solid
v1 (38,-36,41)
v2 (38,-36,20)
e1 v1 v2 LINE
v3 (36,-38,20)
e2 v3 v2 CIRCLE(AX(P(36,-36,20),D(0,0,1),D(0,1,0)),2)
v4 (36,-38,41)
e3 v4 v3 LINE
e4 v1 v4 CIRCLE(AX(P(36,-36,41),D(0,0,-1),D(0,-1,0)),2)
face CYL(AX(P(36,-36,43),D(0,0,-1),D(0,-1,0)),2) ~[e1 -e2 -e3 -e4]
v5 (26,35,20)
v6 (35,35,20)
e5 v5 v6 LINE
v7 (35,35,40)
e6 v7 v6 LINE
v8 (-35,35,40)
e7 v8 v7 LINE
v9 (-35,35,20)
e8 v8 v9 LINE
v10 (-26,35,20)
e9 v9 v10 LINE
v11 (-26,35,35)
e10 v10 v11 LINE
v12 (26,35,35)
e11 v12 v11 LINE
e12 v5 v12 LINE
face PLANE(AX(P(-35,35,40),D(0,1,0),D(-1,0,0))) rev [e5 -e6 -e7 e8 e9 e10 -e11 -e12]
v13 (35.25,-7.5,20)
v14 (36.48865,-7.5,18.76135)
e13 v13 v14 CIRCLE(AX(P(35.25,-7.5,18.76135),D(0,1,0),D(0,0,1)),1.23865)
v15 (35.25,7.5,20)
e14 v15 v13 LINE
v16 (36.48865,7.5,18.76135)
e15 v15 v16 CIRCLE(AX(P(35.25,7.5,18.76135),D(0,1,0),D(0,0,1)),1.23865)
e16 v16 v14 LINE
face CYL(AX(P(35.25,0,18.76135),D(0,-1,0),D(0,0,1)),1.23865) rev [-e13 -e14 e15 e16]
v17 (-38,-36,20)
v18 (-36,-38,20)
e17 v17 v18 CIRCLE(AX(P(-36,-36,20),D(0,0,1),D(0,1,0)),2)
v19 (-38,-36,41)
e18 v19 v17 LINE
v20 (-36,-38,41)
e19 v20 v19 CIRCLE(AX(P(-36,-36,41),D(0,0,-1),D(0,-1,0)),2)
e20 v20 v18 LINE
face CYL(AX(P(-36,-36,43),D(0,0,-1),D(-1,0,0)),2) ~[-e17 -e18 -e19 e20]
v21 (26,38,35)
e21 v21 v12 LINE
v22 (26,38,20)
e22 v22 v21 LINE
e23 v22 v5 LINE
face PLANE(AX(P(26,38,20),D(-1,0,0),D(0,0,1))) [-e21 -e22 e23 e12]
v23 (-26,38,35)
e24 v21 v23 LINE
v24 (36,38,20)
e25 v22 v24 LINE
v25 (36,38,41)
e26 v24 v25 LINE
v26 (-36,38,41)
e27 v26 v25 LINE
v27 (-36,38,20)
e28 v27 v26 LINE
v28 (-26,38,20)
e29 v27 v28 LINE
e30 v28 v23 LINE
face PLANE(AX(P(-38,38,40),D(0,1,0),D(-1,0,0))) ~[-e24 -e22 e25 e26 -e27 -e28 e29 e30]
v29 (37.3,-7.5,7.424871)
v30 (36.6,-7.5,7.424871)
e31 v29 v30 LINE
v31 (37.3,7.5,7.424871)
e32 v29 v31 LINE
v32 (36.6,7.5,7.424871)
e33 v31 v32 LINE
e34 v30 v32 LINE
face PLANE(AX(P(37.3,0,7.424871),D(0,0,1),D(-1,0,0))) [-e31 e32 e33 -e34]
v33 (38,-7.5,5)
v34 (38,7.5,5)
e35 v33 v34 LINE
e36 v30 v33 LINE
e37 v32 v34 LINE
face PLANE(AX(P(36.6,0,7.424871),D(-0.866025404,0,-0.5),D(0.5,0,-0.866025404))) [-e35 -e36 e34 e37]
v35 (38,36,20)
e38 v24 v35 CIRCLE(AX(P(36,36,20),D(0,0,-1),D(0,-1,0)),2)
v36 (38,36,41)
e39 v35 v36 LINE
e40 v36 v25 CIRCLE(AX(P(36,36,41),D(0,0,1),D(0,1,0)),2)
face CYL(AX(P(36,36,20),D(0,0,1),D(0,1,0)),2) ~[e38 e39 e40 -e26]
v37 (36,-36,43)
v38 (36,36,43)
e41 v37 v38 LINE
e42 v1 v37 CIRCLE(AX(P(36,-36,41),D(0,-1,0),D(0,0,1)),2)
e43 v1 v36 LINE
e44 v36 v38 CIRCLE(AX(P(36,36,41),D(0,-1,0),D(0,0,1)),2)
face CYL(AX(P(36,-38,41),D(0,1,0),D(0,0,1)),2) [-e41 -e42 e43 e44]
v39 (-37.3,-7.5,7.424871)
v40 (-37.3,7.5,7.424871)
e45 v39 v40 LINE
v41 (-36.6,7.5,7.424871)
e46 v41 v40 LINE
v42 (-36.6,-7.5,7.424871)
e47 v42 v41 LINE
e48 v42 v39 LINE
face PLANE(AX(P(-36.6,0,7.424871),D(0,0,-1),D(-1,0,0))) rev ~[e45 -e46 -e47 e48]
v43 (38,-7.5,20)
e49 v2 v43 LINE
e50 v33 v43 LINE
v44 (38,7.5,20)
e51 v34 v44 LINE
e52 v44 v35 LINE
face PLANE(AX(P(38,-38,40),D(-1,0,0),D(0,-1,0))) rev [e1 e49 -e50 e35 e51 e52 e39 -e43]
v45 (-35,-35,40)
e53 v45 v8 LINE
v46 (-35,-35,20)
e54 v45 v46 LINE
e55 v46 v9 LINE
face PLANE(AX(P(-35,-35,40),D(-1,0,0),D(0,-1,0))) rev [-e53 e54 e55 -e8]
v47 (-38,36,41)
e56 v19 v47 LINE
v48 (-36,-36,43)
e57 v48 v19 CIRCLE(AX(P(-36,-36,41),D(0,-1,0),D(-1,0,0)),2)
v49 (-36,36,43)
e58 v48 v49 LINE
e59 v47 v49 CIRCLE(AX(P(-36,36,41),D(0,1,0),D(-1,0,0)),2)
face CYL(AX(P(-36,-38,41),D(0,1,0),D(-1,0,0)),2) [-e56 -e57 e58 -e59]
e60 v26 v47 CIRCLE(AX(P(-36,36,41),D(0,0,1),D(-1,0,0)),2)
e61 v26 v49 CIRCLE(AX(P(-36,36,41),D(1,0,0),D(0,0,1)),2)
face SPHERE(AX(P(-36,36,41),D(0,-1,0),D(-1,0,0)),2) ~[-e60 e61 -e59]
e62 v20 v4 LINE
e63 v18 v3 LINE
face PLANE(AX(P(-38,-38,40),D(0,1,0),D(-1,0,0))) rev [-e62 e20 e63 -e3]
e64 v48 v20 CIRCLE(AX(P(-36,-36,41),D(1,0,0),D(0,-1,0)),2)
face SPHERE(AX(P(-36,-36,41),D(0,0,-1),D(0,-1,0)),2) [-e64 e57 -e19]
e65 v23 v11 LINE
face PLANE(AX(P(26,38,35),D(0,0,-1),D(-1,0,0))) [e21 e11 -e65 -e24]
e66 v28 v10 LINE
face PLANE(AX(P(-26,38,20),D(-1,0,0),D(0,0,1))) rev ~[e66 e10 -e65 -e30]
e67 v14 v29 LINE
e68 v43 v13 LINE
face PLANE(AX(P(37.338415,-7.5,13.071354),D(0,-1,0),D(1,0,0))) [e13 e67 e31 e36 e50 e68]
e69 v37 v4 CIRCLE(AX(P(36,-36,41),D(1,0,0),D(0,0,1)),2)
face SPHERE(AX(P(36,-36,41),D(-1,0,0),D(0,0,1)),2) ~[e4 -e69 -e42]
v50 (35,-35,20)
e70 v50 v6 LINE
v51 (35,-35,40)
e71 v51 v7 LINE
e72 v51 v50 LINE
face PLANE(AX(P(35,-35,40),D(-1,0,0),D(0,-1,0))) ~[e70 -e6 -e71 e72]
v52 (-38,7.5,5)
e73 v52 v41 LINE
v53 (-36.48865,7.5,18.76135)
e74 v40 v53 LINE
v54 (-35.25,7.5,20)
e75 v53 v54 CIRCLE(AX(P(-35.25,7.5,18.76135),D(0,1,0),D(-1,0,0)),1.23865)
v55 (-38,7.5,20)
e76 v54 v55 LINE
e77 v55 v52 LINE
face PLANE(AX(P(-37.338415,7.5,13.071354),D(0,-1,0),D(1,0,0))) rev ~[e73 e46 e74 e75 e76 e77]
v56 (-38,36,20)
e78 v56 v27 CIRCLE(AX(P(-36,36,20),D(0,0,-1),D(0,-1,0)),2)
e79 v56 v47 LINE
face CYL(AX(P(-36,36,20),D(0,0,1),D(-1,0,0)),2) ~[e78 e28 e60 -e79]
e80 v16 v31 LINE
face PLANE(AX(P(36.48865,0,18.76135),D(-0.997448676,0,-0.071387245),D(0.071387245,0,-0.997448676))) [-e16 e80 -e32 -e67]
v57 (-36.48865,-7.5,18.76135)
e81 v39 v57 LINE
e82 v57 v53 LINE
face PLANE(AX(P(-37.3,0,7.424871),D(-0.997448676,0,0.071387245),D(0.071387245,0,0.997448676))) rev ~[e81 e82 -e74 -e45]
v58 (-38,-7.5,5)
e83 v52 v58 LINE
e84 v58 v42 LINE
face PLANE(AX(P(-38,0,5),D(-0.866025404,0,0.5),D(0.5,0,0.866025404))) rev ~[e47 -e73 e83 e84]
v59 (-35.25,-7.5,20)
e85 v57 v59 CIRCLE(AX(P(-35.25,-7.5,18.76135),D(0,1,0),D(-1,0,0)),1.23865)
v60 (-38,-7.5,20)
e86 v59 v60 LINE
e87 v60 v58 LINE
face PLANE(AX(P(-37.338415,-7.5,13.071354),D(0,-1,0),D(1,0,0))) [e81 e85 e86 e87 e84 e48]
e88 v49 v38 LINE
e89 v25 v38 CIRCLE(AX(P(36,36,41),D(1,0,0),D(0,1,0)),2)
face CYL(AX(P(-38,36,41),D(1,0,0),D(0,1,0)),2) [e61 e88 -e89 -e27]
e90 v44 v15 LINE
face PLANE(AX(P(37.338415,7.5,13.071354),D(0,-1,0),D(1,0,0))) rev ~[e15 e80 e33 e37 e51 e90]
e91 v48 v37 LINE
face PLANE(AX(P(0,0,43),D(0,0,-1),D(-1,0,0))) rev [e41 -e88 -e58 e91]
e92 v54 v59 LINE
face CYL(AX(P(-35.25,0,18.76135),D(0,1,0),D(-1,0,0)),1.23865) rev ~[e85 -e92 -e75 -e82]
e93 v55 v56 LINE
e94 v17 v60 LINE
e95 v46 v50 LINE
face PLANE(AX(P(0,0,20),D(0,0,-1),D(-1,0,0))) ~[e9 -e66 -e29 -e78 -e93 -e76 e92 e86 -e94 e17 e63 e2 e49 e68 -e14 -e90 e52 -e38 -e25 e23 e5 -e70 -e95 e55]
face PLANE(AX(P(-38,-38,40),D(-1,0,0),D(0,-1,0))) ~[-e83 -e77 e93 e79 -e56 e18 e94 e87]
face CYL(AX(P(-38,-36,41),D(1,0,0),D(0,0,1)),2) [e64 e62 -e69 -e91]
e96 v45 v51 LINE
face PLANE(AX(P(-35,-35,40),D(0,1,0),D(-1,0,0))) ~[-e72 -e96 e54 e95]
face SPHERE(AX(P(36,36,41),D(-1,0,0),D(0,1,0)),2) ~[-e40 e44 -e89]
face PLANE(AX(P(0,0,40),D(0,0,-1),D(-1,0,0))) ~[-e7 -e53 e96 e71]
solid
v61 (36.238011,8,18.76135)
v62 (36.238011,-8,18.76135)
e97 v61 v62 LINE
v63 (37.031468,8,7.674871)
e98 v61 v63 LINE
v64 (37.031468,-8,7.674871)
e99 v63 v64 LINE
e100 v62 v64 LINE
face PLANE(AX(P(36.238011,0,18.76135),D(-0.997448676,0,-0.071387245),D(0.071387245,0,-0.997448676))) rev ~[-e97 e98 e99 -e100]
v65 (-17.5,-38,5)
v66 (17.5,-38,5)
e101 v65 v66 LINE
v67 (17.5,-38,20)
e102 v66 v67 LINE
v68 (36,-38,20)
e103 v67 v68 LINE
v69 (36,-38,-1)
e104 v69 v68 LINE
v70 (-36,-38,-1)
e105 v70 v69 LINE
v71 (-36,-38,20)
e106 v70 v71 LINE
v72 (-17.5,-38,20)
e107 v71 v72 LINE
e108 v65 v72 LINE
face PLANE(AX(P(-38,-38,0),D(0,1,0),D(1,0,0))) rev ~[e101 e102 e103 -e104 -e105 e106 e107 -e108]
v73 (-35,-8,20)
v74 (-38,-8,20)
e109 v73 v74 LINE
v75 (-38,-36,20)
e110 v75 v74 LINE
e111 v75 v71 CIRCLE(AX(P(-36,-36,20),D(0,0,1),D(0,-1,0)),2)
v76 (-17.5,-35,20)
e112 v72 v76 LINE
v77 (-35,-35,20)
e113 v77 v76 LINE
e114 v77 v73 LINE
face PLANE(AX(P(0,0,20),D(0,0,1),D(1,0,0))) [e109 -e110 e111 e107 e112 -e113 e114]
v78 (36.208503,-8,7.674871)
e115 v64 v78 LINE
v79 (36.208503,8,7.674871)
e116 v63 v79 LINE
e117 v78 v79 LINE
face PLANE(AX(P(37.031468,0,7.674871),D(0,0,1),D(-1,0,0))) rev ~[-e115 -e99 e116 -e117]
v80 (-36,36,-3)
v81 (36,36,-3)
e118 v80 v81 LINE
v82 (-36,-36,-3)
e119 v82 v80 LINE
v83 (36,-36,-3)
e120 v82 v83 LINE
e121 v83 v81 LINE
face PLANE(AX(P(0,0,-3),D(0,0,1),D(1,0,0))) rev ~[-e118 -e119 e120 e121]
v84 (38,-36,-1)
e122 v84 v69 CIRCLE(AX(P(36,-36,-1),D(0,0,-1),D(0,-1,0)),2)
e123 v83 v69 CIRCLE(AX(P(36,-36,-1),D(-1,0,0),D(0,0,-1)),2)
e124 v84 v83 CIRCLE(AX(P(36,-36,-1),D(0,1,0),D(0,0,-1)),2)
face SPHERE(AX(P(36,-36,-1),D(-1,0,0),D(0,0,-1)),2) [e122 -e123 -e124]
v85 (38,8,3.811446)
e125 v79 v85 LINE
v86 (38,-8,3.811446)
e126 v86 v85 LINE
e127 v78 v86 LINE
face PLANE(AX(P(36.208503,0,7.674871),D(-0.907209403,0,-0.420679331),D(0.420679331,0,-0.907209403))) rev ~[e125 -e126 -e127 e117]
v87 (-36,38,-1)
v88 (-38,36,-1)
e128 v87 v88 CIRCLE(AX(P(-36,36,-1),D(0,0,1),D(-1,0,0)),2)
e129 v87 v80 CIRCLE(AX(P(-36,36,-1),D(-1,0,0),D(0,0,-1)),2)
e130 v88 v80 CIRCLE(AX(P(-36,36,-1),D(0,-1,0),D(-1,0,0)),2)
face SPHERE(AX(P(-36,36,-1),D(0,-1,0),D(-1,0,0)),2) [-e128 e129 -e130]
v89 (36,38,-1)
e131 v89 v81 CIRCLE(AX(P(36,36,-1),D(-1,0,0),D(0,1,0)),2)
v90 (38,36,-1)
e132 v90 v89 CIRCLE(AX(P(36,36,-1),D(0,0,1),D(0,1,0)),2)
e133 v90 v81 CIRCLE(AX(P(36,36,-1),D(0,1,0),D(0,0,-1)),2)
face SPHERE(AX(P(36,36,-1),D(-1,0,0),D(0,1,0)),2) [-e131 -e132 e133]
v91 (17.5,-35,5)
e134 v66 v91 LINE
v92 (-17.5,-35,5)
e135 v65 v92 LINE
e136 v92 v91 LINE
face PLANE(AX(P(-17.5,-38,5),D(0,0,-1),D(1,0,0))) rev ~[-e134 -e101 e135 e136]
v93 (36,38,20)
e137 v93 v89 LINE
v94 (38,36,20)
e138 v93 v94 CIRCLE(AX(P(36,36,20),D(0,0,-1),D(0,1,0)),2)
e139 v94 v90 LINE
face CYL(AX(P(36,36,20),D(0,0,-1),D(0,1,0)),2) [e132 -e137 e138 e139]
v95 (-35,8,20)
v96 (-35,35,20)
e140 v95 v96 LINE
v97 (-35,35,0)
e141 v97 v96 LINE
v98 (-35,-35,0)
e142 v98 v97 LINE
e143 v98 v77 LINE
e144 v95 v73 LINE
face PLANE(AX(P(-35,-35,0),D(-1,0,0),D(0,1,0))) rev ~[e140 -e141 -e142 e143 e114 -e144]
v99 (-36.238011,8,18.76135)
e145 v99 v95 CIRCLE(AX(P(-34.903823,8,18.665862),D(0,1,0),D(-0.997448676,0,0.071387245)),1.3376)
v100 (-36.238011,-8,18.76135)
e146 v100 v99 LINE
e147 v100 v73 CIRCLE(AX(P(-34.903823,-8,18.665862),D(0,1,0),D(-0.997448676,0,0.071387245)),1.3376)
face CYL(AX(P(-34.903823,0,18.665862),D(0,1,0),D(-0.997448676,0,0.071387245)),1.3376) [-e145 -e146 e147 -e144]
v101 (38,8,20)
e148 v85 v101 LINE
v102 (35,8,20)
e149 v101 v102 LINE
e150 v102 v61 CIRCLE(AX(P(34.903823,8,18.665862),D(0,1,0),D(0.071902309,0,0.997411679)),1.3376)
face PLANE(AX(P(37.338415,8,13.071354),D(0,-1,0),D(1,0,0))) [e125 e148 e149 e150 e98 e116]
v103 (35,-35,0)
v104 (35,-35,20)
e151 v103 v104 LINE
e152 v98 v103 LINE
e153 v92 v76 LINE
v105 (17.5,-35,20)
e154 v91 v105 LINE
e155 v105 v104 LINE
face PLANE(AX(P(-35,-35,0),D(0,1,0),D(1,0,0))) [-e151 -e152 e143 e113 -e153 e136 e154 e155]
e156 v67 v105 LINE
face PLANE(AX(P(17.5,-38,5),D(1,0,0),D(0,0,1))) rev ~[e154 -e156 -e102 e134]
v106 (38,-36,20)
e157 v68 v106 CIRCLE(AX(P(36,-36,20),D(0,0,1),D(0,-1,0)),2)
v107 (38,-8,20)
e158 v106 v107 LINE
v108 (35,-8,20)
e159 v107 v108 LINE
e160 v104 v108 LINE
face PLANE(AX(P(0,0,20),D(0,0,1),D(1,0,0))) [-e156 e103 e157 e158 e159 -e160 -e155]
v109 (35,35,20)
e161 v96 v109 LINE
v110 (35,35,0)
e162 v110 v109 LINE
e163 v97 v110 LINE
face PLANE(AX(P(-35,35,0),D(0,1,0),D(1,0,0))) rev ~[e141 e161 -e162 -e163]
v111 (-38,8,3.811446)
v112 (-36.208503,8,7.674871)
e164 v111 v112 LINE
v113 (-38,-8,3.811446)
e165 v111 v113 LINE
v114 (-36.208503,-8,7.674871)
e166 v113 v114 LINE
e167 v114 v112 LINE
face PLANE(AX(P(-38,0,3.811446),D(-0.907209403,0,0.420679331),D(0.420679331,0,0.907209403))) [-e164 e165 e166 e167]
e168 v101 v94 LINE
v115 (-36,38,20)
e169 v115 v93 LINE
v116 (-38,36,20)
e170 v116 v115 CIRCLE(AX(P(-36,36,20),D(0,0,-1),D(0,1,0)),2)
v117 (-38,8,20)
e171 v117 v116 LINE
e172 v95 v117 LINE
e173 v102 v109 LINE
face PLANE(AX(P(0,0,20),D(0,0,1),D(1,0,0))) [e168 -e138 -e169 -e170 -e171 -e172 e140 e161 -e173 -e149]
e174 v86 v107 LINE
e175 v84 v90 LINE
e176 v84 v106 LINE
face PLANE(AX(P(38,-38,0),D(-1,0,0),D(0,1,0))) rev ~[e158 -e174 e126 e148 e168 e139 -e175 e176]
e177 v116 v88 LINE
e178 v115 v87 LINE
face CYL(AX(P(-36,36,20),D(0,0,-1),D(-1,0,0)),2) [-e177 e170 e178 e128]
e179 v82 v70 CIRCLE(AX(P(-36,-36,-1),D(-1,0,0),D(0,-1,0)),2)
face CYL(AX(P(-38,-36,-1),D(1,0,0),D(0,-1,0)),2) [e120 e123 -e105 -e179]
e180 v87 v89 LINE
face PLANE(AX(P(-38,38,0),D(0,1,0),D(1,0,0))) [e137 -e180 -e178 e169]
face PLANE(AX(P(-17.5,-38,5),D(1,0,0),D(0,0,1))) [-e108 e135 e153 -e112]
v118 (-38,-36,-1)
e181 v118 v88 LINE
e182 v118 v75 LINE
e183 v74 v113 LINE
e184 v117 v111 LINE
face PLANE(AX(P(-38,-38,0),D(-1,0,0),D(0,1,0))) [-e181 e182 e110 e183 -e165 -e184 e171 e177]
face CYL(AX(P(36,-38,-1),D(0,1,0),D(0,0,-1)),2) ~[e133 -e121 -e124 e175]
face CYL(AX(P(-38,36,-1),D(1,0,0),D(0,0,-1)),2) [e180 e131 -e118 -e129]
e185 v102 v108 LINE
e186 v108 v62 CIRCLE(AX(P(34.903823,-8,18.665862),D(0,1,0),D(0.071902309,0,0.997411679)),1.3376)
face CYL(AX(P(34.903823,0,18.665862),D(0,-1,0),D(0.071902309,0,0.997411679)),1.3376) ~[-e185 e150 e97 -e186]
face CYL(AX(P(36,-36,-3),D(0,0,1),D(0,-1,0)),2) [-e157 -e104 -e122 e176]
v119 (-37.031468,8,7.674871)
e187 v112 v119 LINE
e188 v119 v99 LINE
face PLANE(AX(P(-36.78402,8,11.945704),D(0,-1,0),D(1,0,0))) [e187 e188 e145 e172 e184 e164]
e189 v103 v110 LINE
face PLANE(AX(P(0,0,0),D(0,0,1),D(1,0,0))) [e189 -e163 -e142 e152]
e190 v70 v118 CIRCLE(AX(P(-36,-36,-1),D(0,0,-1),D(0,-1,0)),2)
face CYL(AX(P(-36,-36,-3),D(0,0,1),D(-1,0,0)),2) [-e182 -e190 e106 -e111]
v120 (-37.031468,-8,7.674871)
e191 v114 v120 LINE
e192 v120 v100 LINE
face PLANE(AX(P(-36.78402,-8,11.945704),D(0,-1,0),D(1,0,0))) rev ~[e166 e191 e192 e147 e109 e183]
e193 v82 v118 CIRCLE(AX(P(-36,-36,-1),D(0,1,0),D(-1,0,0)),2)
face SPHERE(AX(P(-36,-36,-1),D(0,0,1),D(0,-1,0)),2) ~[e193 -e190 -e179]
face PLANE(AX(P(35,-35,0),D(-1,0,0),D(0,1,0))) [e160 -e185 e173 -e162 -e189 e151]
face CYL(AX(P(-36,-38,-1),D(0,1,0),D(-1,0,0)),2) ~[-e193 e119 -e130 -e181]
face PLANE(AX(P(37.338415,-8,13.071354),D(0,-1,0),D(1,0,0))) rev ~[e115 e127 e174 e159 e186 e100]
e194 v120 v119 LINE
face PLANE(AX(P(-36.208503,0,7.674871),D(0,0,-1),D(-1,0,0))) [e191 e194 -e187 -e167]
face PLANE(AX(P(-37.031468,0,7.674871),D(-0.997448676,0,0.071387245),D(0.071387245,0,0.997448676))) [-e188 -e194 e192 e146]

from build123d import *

# Parameters (mm, degrees)
F0_W      = 76
F0_H      = 76
F0_W_2    = 70
F0_H_2    = 70
F1_DEPTH  = 3
F2_DEPTH  = 20
F4_W      = 35
F4_H      = 15
F5_DEPTH  = 3
F6_W      = 52
F6_H      = 15
F7_DEPTH  = 3
F9_DEPTH  = 8
F10_DEPTH = 7.5
F11_R     = 2
F11_2_R   = 2


with BuildPart() as f1:
    # F0 (on Top) → F1 (new body)
    with BuildSketch(Plane.XY):
        Rectangle(F0_W, F0_H)
        Rectangle(F0_W_2, F0_H_2, mode=Mode.SUBTRACT)
        Rectangle(F0_W_2, F0_H_2)
    extrude(amount=-F1_DEPTH)

    # F0 (on Top) → F2 (join)
    with BuildSketch(Plane.XY):
        Rectangle(F0_W, F0_H)
        Rectangle(F0_W_2, F0_H_2, mode=Mode.SUBTRACT)
    extrude(amount=F2_DEPTH)


with BuildPart() as f3_1:
    # F3: instance of F1
    add(f1.part.mirror(Plane.XY.offset(20)))

    # F6 (on face) → F7 (cut, through all)
    with BuildSketch(Plane(origin=(0, 38, 0), x_dir=(-1, 0, 0), z_dir=(0, 1, 0))):
        with Locations((0, 27.5)):
            Rectangle(F6_W, F6_H)
    extrude(amount=-F7_DEPTH, mode=Mode.SUBTRACT)

    # F8 (on Front) → F10 (join, symmetric)
    with BuildSketch(Plane.XZ):
        with BuildLine():
            ThreePointArc((-36.4886499851, 18.7613500149), (-36.125857804, 19.6372078189), (-35.25, 20))
            Line((-35.25, 20), (-38, 20))
            Line((-38, 20), (-38, 5))
            Line((-38, 5), (-36.6, 7.4248711306))
            Line((-36.6, 7.4248711306), (-37.3, 7.4248711306))
            Line((-37.3, 7.4248711306), (-36.4886499851, 18.7613500149))
        make_face()
        with BuildLine():
            Line((38, 5), (38, 20))
            Line((38, 20), (36.4, 20))
            Line((36.4, 20), (35.25, 20))
            ThreePointArc((35.25, 20), (36.125857804, 19.6372078189), (36.4886499851, 18.7613500149))
            Line((36.4886499851, 18.7613500149), (37.3, 7.4248711306))
            Line((37.3, 7.4248711306), (36.6, 7.4248711306))
            Line((36.6, 7.4248711306), (38, 5))
        make_face()
    extrude(amount=F10_DEPTH, both=True)

    # F11
    f11_edges = [f3_1.edges().sort_by_distance(p)[0] for p in [
        (-38, -38, 31.5),
        (0, -38, 43),
        (-38, 0, 43),
        (-38, 38, 31.5),
        (0, 38, 43),
        (38, 38, 31.5),
        (38, 0, 43),
        (38, -38, 31.5),
    ]]
    fillet(f11_edges, radius=F11_R)


with BuildPart() as f1_1:
    add(f1.part)

    # F4 (on face) → F5 (cut, through all)
    with BuildSketch(Plane.XZ.offset(38)):
        with Locations((0, 12.5)):
            Rectangle(F4_W, F4_H)
    extrude(amount=-F5_DEPTH, mode=Mode.SUBTRACT)

    # F8 (on Front) → F9 (cut, symmetric)
    with BuildSketch(Plane.XZ):
        with BuildLine():
            ThreePointArc((-36.2380105226, 18.7613500149), (-35.8498934739, 19.6114440223), (-35, 20))
            Line((-35, 20), (-35.25, 20))
            ThreePointArc((-35.25, 20), (-36.125857804, 19.6372078189), (-36.4886499851, 18.7613500149))
            Line((-36.4886499851, 18.7613500149), (-37.3, 7.4248711306))
            Line((-37.3, 7.4248711306), (-36.6, 7.4248711306))
            Line((-36.6, 7.4248711306), (-38, 5))
            Line((-38, 5), (-38, 3.8114462404))
            Line((-38, 3.8114462404), (-36.2085029195, 7.6748711306))
            Line((-36.2085029195, 7.6748711306), (-37.0314680767, 7.6748711306))
            Line((-37.0314680767, 7.6748711306), (-36.2380105226, 18.7613500149))
        make_face()
        with BuildLine():
            ThreePointArc((-36.4886499851, 18.7613500149), (-36.125857804, 19.6372078189), (-35.25, 20))
            Line((-35.25, 20), (-38, 20))
            Line((-38, 20), (-38, 5))
            Line((-38, 5), (-36.6, 7.4248711306))
            Line((-36.6, 7.4248711306), (-37.3, 7.4248711306))
            Line((-37.3, 7.4248711306), (-36.4886499851, 18.7613500149))
        make_face()
        with BuildLine():
            Line((38, 5), (38, 20))
            Line((38, 20), (36.4, 20))
            Line((36.4, 20), (35.25, 20))
            ThreePointArc((35.25, 20), (36.125857804, 19.6372078189), (36.4886499851, 18.7613500149))
            Line((36.4886499851, 18.7613500149), (37.3, 7.4248711306))
            Line((37.3, 7.4248711306), (36.6, 7.4248711306))
            Line((36.6, 7.4248711306), (38, 5))
        make_face()
        with BuildLine():
            Line((38, 3.8114462404), (38, 5))
            Line((38, 5), (36.6, 7.4248711306))
            Line((36.6, 7.4248711306), (37.3, 7.4248711306))
            Line((37.3, 7.4248711306), (36.4886499851, 18.7613500149))
            ThreePointArc((36.4886499851, 18.7613500149), (36.125857804, 19.6372078189), (35.25, 20))
            Line((35.25, 20), (35, 20))
            ThreePointArc((35, 20), (35.8498934739, 19.6114440223), (36.2380105226, 18.7613500149))
            Line((36.2380105226, 18.7613500149), (37.0314680767, 7.6748711306))
            Line((37.0314680767, 7.6748711306), (36.2085029195, 7.6748711306))
            Line((36.2085029195, 7.6748711306), (38, 3.8114462404))
        make_face()
    extrude(amount=F9_DEPTH, both=True, mode=Mode.SUBTRACT)

    # F11#2
    f11_2_edges = [f1_1.edges().sort_by_distance(p)[0] for p in [
        (-38, -38, 8.5),
        (0, -38, -3),
        (-38, 0, -3),
        (-38, 38, 8.5),
        (0, 38, -3),
        (38, 38, 8.5),
        (38, 0, -3),
        (38, -38, 8.5),
    ]]
    fillet(f11_2_edges, radius=F11_2_R)


solid = Compound([f3_1.part, f1_1.part])
